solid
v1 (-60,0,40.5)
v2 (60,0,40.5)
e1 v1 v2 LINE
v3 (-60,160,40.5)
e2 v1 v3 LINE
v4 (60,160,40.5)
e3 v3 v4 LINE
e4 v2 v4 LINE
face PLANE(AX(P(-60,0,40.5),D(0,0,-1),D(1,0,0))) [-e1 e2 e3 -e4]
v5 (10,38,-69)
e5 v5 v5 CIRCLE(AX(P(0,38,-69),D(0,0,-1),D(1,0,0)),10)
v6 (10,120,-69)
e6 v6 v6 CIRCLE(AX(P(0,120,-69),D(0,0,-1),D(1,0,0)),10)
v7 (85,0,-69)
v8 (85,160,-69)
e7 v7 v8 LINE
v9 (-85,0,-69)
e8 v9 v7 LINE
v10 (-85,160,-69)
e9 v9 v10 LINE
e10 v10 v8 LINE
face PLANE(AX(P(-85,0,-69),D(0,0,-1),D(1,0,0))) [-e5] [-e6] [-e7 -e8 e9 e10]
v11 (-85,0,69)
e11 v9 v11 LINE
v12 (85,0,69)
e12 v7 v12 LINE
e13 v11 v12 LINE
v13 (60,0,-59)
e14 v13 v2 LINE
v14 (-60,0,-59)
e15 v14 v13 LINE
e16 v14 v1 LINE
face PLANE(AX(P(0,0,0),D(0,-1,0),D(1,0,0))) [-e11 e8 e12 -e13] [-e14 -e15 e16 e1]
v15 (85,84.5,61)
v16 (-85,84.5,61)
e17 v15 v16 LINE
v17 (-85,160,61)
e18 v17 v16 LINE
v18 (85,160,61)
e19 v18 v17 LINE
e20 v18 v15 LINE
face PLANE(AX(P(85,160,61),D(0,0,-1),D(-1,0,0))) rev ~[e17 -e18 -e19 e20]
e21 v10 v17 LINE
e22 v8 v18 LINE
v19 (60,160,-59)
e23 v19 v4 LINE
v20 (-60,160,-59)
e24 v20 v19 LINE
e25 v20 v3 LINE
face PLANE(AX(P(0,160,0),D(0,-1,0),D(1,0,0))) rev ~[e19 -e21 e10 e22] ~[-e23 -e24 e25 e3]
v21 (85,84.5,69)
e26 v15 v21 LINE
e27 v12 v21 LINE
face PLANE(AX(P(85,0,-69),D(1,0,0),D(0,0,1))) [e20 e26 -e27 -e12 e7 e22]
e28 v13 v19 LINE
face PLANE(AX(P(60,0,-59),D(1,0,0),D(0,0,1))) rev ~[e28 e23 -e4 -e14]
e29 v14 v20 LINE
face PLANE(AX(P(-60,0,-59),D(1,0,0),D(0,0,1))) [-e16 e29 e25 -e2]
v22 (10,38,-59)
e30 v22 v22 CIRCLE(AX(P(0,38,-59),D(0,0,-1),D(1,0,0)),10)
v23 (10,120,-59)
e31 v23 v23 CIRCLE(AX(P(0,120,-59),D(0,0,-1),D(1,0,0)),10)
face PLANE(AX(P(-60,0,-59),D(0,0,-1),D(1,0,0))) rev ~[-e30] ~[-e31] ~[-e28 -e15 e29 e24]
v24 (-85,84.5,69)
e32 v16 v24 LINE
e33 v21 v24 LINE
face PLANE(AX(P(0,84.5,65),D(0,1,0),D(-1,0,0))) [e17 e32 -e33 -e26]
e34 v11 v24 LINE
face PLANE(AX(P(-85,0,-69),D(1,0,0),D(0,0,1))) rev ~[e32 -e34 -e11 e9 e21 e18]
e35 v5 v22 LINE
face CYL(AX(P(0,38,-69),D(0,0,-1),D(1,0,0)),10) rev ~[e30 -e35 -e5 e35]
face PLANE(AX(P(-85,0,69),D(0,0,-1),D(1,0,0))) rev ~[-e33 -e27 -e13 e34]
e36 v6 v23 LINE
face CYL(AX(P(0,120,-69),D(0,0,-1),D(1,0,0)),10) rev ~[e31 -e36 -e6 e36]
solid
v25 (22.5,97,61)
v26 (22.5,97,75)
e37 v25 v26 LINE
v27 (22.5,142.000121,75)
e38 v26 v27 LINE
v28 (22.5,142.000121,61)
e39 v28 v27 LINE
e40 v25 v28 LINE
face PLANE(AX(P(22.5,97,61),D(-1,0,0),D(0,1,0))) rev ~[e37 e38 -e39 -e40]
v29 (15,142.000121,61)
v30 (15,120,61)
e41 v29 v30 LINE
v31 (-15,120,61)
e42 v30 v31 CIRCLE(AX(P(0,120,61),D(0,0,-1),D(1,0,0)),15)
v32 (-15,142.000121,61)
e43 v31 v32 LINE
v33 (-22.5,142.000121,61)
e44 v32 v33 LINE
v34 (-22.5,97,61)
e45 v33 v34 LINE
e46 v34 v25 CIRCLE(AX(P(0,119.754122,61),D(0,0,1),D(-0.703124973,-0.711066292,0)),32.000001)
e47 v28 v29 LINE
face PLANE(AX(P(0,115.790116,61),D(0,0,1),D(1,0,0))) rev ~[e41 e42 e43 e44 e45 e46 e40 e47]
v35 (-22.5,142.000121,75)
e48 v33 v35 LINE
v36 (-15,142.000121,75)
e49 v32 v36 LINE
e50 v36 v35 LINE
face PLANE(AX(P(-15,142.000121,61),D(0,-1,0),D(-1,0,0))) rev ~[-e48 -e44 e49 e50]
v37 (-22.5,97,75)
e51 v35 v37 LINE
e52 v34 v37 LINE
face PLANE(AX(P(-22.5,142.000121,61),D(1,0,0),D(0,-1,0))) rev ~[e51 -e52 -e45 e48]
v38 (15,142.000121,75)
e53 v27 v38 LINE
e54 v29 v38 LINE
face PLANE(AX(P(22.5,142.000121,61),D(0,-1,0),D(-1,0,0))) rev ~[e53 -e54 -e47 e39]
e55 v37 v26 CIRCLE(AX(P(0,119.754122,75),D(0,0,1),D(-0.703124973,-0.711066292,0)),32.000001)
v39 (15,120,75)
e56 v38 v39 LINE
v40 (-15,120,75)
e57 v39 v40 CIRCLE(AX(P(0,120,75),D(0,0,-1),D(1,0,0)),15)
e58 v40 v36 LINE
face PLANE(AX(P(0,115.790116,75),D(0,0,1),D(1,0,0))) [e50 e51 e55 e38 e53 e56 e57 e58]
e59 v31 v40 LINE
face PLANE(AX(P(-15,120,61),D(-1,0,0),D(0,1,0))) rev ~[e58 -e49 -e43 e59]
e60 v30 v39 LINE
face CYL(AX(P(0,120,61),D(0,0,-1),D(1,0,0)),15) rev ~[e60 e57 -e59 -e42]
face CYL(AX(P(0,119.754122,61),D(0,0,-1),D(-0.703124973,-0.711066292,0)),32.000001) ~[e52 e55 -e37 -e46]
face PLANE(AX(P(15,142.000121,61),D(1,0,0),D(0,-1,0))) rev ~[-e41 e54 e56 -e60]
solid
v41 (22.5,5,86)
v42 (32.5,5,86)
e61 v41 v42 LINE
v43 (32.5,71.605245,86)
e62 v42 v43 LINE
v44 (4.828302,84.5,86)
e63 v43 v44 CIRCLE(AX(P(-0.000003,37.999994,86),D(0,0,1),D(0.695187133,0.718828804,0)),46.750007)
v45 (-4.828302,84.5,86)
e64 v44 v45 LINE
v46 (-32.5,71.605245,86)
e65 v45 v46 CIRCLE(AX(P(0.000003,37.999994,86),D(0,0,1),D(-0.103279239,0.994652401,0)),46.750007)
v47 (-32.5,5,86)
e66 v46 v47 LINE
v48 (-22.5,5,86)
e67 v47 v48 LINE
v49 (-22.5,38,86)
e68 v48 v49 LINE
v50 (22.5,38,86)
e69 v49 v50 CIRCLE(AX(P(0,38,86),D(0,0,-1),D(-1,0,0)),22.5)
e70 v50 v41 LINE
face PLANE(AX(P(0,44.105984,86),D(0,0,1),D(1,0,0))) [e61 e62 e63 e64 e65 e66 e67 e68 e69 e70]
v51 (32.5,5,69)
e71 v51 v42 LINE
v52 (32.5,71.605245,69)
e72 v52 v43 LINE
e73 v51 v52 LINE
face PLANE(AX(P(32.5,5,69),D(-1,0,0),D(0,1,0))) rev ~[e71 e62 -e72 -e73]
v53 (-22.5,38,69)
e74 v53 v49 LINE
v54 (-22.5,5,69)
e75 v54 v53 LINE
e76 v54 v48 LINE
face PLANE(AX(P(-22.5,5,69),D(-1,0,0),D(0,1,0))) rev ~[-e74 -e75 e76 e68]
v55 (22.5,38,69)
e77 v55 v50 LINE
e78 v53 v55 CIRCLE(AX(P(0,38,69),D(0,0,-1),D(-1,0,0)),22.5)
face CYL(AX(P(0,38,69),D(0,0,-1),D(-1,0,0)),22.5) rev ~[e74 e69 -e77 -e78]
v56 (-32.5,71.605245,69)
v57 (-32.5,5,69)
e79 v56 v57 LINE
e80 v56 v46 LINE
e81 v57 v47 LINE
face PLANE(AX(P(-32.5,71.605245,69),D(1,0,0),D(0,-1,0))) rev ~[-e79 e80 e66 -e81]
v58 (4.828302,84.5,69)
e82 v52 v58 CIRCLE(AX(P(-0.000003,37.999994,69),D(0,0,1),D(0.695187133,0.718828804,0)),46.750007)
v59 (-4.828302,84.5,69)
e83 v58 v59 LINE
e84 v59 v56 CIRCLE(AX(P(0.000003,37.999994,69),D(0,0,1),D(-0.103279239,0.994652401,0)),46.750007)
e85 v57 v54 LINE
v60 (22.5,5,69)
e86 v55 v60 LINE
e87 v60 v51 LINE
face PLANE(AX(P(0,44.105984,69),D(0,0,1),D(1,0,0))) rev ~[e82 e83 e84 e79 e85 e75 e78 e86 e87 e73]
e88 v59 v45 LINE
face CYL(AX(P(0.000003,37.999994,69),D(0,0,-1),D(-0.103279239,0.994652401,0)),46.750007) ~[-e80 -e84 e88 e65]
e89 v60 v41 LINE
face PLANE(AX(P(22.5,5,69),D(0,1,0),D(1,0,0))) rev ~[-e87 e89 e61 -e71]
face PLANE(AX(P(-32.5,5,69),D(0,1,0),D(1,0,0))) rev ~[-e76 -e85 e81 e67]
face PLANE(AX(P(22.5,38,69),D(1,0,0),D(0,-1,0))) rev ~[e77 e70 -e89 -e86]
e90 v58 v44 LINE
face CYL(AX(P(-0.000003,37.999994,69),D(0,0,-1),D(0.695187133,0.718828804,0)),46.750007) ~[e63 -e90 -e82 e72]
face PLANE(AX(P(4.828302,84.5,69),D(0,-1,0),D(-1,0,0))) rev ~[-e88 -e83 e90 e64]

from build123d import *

# Parameters (mm, degrees)
F0_W      = 170
F0_H      = 138
F0_W_2    = 120
F0_H_2    = 99.5
F1_DEPTH  = 160
F2_W      = 170
F2_H      = 8
F3_DEPTH  = 75.5
F4_R      = 10
F5_DEPTH  = 25
F8_DEPTH  = 14
F10_DEPTH = 17


with BuildPart() as f1:
    # F0 (on Front) → F1 (new body)
    with BuildSketch(Plane.XZ):
        Rectangle(F0_W, F0_H)
        with Locations((0, -9.25)):
            Rectangle(F0_W_2, F0_H_2, mode=Mode.SUBTRACT)
    extrude(amount=-F1_DEPTH)

    # F2 (on face) → F3 (cut)
    with BuildSketch(Plane(origin=(0, 160, 0), x_dir=(-1, 0, 0), z_dir=(0, 1, 0))):
        with Locations((0, 65)):
            Rectangle(F2_W, F2_H)
    extrude(amount=-F3_DEPTH, mode=Mode.SUBTRACT)

    # F4 (on face) → F5 (cut)
    with BuildSketch(Plane(origin=(0, 0, -69), x_dir=(1, 0, 0), z_dir=(0, 0, -1))):
        with Locations((0, -120)):
            Circle(F4_R)
        with Locations((0, -38)):
            Circle(F4_R)
    extrude(amount=-F5_DEPTH, mode=Mode.SUBTRACT)


with BuildPart() as f8:
    # F7 (on face) → F8 (new body)
    with BuildSketch(Plane.XY.offset(61)):
        with BuildLine():
            Line((15, 142.000121), (15, 137.655348))
            Line((15, 137.655348), (15, 120))
            ThreePointArc((15, 120), (0, 105), (-15, 120))
            Line((-15, 120), (-15, 142.000121))
            Line((-15, 142.000121), (-22.5, 142.000121))
            Line((-22.5, 142.000121), (-22.5, 120))
            Line((-22.5, 120), (-22.5, 97))
            ThreePointArc((-22.5, 97), (0, 87.754121), (22.5, 97))
            Line((22.5, 97), (22.5, 120))
            Line((22.5, 120), (22.5, 142.000121))
            Line((22.5, 142.000121), (15, 142.000121))
        make_face()
    extrude(amount=F8_DEPTH)


with BuildPart() as f10:
    # F9 (on face) → F10 (new body)
    with BuildSketch(Plane.XY.offset(69)):
        with BuildLine():
            ThreePointArc((-22.5, 38), (0, 60.5), (22.5, 38))
            Line((22.5, 38), (22.5, 5))
            Line((22.5, 5), (32.5, 5))
            Line((32.5, 5), (32.5, 71.605245))
            ThreePointArc((32.5, 71.605245), (19.746372, 80.375031), (4.828302, 84.5))
            Line((4.828302, 84.5), (-4.828302, 84.5))
            ThreePointArc((-4.828302, 84.5), (-19.746372, 80.375031), (-32.5, 71.605245))
            Line((-32.5, 71.605245), (-32.5, 5))
            Line((-32.5, 5), (-22.5, 5))
            Line((-22.5, 5), (-22.5, 38))
        make_face()
    extrude(amount=F10_DEPTH)


solid = Compound([f1.part, f8.part, f10.part])
